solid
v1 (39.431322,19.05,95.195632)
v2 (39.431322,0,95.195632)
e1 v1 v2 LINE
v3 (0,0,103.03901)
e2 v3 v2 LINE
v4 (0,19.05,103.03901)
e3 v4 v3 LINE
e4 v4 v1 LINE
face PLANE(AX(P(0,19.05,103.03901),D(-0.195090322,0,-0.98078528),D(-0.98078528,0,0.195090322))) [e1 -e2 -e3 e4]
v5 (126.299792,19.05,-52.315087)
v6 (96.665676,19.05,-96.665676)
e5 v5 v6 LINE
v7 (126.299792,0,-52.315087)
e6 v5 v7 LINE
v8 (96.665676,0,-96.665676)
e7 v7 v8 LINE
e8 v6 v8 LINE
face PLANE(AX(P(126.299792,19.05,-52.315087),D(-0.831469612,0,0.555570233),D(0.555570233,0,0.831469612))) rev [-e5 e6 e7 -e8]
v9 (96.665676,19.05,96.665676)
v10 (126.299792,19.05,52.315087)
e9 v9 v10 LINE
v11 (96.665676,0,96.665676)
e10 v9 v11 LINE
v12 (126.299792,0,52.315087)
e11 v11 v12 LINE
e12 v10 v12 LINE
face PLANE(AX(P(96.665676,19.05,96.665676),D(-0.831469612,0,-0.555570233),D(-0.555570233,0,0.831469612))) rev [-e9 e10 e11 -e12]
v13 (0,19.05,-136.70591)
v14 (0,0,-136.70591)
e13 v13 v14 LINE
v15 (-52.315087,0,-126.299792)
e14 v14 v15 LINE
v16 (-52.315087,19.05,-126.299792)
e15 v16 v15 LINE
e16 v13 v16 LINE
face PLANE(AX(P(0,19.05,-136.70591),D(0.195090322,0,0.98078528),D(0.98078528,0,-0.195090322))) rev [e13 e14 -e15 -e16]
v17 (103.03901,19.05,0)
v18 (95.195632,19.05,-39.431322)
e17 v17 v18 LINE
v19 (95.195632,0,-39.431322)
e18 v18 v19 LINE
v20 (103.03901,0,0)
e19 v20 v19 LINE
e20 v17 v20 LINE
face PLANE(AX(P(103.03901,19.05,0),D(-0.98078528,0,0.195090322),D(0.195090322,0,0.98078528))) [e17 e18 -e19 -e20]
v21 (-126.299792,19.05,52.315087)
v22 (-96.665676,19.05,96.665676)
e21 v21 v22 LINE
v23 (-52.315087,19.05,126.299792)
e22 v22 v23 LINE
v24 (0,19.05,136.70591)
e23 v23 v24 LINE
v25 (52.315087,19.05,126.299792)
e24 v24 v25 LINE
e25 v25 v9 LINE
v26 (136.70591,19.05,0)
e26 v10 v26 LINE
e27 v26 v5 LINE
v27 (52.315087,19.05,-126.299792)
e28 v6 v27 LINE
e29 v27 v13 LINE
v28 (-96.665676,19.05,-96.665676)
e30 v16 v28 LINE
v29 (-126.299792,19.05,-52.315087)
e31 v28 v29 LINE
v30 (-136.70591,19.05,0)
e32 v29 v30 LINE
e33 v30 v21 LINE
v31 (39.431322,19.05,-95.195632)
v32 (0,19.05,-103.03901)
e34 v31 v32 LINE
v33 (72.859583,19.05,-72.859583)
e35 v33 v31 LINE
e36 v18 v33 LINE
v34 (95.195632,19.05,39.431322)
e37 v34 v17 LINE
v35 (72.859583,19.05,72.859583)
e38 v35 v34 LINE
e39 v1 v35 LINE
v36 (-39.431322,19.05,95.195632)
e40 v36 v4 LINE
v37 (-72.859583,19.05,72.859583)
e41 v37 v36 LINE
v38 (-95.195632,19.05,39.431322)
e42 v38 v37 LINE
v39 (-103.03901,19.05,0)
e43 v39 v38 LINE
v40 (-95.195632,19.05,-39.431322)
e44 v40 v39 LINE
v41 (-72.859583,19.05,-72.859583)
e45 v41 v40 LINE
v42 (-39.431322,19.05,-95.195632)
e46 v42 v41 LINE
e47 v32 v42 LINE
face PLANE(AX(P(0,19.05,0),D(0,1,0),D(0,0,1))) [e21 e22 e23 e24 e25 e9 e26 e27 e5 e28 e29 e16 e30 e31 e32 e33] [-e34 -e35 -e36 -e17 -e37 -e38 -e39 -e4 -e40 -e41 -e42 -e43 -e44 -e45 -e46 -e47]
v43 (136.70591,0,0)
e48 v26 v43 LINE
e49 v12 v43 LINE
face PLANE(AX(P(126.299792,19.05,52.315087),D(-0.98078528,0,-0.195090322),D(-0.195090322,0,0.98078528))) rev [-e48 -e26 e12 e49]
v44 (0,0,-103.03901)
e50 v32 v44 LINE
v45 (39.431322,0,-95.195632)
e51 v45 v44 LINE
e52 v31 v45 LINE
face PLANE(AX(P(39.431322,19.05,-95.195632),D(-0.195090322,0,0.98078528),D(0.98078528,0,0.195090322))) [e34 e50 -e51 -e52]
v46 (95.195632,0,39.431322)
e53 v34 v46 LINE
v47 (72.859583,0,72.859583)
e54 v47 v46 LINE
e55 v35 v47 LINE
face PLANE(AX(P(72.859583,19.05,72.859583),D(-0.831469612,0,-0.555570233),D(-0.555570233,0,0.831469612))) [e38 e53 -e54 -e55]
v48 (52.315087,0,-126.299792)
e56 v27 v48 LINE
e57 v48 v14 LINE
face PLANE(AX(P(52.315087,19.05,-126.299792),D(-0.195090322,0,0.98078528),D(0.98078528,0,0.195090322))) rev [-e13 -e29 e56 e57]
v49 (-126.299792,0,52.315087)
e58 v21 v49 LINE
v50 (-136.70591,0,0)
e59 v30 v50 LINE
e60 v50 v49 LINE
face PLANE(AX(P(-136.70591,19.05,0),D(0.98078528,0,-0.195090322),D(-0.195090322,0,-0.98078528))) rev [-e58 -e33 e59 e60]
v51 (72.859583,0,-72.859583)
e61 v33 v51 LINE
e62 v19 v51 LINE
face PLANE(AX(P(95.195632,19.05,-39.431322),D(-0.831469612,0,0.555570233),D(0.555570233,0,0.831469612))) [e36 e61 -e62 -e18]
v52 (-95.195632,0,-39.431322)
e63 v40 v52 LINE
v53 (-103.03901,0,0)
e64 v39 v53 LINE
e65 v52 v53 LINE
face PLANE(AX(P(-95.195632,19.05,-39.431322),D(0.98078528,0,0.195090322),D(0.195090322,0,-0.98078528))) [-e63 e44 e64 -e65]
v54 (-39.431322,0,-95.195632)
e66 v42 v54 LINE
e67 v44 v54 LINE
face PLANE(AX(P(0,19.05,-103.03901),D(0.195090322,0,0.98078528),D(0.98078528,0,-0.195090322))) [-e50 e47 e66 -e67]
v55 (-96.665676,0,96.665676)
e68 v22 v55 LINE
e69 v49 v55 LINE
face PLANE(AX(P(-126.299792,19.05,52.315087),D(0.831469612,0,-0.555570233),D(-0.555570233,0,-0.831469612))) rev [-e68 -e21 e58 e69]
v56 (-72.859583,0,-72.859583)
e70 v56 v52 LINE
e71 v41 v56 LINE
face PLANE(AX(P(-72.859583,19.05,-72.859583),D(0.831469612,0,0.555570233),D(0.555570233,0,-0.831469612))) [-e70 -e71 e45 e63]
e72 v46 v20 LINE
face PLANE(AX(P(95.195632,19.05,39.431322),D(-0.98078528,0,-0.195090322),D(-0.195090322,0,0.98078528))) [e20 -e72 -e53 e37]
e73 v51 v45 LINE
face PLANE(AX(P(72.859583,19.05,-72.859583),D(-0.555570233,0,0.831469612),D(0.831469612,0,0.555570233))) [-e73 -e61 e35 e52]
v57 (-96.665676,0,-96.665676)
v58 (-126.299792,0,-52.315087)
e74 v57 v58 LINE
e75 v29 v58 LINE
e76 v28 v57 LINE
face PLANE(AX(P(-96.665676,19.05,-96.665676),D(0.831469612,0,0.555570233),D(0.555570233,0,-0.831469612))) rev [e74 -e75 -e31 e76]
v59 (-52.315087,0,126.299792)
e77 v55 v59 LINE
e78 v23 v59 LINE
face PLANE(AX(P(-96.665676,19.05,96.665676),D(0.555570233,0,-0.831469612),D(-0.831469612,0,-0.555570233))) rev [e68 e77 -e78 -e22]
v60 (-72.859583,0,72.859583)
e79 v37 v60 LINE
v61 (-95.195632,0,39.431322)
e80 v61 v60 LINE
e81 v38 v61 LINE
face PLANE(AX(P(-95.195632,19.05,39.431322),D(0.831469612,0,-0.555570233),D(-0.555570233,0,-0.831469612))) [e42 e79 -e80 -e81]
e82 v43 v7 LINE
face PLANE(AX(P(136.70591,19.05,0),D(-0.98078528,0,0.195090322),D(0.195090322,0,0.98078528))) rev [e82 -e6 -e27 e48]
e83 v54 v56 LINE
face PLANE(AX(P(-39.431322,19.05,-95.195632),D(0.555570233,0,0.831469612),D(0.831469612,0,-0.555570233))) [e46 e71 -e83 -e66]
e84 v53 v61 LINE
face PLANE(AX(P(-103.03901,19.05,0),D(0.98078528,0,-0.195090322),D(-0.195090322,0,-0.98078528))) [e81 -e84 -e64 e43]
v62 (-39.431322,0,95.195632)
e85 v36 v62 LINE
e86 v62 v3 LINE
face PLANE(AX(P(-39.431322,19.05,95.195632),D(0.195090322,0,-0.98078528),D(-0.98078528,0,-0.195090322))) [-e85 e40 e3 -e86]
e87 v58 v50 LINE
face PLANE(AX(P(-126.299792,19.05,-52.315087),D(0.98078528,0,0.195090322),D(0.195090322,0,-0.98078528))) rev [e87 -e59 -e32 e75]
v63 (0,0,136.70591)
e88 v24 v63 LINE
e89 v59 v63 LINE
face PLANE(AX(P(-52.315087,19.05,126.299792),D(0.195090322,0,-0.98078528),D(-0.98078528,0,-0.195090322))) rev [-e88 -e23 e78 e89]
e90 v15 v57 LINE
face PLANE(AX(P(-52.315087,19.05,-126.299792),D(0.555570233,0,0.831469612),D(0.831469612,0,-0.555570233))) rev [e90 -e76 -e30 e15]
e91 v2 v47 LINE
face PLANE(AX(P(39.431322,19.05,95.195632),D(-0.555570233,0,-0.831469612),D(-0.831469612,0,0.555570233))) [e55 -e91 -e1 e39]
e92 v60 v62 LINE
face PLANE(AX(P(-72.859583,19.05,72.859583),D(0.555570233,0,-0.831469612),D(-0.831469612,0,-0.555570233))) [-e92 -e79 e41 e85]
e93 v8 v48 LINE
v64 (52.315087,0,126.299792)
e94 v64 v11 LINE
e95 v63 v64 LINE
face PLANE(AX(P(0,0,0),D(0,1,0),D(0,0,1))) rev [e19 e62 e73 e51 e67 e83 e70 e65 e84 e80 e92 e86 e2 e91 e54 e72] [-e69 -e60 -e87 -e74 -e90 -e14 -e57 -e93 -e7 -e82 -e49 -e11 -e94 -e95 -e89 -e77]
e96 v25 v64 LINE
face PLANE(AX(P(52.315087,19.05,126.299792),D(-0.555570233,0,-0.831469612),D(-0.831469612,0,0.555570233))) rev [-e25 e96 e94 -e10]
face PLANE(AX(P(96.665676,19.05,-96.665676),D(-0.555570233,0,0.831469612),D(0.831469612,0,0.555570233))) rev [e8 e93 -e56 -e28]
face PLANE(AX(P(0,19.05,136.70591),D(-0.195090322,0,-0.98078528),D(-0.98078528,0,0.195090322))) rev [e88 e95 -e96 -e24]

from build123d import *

# Parameters (mm, degrees)
BOSS_EXTRUDE1_DEPTH = 19.05


with BuildPart() as part:
    # Sketch1 → Boss-Extrude1 (new body)
    with BuildSketch(Plane(origin=(0, 0, 0), x_dir=(1, 0, 0), z_dir=(0, 1, 0))):
        Polygon((136.705909983, 0), (126.299792206, 52.315086857), (96.665675977, 96.665675977), (52.315086857, 126.299792206), (0, 136.705909983), (-52.315086857, 126.299792206), (-96.665675977, 96.665675977), (-126.299792206, 52.315086857), (-136.705909983, 0), (-126.299792206, -52.315086857), (-96.665675977, -96.665675977), (-52.315086857, -126.299792206), (0, -136.705909983), (52.315086857, -126.299792206), (96.665675977, -96.665675977), (126.299792206, -52.315086857), align=None)
        Polygon((103.039009938, 0), (95.195632332, 39.431321991), (72.859582654, 72.859582654), (39.431321991, 95.195632332), (0, 103.039009938), (-39.431321991, 95.195632332), (-72.859582654, 72.859582654), (-95.195632332, 39.431321991), (-103.039009938, 0), (-95.195632332, -39.431321991), (-72.859582654, -72.859582654), (-39.431321991, -95.195632332), (0, -103.039009938), (39.431321991, -95.195632332), (72.859582654, -72.859582654), (95.195632332, -39.431321991), align=None, mode=Mode.SUBTRACT)
    extrude(amount=BOSS_EXTRUDE1_DEPTH)


solid = part.part
